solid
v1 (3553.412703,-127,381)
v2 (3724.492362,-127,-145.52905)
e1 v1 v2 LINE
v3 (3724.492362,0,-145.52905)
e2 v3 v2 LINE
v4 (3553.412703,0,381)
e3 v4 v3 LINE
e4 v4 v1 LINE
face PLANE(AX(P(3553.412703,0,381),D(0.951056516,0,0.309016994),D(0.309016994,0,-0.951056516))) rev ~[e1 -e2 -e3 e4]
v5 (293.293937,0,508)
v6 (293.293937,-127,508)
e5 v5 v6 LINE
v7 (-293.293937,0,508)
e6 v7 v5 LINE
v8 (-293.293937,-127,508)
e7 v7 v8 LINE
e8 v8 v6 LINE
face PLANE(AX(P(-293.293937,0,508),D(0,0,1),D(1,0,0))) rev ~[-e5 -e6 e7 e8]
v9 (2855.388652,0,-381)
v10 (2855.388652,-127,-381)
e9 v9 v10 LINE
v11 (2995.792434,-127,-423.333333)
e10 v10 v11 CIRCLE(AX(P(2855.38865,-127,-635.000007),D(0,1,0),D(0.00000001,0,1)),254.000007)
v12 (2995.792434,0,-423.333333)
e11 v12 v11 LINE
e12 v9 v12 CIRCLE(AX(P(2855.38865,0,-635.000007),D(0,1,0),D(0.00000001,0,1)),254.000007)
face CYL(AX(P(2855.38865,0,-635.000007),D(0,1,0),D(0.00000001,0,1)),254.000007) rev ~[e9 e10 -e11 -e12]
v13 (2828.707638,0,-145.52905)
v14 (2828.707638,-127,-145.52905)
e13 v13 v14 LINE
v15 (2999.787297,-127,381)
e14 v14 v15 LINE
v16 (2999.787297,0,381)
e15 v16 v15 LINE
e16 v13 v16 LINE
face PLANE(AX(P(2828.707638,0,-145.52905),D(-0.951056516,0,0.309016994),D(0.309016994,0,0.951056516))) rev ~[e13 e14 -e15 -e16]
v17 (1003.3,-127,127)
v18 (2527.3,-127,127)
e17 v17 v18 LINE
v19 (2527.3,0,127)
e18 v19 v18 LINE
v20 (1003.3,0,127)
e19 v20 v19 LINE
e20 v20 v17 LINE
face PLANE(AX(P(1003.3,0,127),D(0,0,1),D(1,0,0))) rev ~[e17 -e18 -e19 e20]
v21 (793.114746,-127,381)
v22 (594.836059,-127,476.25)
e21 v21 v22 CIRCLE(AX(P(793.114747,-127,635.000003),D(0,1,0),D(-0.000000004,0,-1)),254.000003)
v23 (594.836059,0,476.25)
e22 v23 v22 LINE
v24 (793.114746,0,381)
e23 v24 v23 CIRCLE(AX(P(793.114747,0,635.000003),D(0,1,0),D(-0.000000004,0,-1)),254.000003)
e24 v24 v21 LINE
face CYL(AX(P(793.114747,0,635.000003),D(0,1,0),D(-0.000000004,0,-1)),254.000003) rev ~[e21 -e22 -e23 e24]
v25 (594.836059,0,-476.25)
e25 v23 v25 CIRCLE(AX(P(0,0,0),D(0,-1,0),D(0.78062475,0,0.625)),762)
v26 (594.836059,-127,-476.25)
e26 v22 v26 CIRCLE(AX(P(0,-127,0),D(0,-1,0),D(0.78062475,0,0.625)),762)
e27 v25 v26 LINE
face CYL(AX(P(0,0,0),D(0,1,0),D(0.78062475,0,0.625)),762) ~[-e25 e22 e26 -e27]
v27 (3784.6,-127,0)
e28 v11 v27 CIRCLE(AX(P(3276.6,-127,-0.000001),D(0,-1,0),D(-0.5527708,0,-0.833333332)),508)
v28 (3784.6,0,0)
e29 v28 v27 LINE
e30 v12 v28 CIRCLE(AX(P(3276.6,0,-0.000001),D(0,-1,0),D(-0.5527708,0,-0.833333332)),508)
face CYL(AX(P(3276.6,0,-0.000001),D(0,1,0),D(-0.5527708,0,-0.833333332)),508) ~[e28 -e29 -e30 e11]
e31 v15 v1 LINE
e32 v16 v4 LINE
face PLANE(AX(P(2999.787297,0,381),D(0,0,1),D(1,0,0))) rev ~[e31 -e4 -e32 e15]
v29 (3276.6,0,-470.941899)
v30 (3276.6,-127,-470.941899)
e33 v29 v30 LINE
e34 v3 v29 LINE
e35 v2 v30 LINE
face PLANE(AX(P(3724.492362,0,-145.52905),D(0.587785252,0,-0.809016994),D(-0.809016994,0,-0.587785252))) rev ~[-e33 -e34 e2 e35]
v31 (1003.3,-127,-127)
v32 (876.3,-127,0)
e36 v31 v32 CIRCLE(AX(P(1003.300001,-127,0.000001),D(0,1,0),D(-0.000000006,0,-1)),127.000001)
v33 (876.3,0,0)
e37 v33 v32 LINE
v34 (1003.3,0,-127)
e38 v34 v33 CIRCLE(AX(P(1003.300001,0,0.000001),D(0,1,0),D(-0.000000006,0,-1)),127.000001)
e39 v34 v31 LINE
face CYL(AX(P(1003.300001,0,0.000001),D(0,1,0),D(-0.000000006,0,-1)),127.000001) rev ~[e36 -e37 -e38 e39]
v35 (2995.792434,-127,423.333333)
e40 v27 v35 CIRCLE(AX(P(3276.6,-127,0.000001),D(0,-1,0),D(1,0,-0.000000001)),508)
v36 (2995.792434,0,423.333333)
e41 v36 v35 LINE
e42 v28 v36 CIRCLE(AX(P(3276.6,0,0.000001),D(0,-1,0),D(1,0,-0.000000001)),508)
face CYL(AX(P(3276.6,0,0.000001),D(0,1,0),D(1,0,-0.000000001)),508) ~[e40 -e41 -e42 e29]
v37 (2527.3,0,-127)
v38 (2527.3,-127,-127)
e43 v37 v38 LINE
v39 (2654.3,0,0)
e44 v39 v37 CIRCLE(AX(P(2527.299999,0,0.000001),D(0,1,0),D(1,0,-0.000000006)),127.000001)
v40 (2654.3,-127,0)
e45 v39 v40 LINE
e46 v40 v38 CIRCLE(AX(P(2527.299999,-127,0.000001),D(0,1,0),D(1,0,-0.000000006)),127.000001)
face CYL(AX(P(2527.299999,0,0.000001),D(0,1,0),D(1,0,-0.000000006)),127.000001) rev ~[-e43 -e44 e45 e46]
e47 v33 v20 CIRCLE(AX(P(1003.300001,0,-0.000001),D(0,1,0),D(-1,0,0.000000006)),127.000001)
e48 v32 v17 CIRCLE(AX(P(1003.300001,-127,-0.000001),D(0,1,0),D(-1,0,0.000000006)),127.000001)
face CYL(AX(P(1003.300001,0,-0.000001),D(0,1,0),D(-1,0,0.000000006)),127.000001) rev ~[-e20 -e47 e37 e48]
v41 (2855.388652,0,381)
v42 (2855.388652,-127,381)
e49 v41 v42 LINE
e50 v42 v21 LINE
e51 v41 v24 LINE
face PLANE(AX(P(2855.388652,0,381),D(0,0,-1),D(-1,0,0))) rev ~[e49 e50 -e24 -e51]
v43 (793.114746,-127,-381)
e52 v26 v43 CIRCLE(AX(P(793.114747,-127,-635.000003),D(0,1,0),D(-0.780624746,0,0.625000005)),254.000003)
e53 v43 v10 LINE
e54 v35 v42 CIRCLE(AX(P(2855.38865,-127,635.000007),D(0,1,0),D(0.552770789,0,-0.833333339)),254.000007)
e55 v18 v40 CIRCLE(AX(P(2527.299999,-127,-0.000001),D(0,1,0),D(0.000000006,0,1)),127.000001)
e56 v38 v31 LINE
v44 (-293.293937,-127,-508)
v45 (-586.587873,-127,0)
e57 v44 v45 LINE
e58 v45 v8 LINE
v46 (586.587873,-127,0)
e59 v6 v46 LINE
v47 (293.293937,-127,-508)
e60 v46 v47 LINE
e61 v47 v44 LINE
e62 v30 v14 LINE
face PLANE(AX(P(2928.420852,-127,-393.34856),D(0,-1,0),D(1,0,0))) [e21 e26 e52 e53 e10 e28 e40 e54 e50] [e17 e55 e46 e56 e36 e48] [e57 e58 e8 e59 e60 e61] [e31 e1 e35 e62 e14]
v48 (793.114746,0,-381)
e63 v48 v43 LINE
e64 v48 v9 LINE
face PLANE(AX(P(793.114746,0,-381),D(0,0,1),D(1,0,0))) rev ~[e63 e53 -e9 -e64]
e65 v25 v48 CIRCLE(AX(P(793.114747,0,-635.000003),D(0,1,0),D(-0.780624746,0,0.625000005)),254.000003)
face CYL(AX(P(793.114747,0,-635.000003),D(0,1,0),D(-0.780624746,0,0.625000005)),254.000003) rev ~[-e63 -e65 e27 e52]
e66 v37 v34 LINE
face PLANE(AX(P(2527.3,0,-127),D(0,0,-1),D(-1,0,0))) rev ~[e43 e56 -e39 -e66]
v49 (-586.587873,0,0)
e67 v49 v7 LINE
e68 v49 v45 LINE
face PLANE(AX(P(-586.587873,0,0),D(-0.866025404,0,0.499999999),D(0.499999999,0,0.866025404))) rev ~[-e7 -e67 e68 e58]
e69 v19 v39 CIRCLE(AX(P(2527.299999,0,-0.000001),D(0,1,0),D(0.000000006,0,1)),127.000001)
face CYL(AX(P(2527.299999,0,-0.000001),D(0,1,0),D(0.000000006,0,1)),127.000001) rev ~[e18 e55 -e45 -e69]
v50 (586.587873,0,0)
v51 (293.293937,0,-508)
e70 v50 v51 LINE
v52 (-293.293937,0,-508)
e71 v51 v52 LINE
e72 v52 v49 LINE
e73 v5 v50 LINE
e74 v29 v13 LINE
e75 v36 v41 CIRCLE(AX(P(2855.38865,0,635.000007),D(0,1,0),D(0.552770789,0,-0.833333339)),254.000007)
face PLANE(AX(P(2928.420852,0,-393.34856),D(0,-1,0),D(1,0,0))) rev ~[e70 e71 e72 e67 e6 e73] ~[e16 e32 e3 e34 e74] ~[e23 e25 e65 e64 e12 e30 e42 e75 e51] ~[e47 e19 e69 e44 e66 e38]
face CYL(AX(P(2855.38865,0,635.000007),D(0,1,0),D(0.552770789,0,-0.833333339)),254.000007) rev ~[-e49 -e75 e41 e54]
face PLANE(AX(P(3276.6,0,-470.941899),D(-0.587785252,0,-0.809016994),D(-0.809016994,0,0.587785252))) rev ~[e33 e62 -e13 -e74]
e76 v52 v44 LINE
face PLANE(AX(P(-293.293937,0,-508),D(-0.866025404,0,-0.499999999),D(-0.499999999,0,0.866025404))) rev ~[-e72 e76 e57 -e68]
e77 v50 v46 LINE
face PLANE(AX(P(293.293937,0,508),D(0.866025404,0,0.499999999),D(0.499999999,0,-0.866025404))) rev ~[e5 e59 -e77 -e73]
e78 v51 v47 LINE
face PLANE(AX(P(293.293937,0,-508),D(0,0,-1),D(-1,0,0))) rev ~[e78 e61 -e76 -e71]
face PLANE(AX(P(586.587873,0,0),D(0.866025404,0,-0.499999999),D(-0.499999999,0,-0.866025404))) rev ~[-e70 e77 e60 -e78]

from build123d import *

# Parameters (mm, degrees)
F1_DEPTH = 127


with BuildPart() as f1:
    # F0 (on Front) → F1 (new body)
    with BuildSketch(Plane.XZ):
        with BuildLine():
            Line((2940.589583, -381), (2855.388652, -381))
            ThreePointArc((2855.388652, -381), (2928.712136, -391.813515), (2995.792434, -423.333333))
            ThreePointArc((2995.792434, -423.333333), (2967.465509, -403.112722), (2940.589583, -381))
        make_face()
        with BuildLine():
            ThreePointArc((594.836059, -476.25), (718.995507, -252.367711), (762, 0))
            ThreePointArc((762, 0), (718.995507, 252.367711), (594.836059, 476.25))
            ThreePointArc((594.836059, 476.25), (-762, 0), (594.836059, -476.25))
        make_face()
        Polygon((-586.587873, 0), (-293.293937, 508), (293.293937, 508), (586.587873, 0), (293.293937, -508), (-293.293937, -508), align=None, mode=Mode.SUBTRACT)
        with BuildLine():
            ThreePointArc((594.836059, 476.25), (718.995507, 252.367711), (762, 0))
            Line((762, 0), (876.3, 0))
            ThreePointArc((876.3, 0), (913.497439, 89.802561), (1003.3, 127))
            Line((1003.3, 127), (1765.3, 127))
            Line((1765.3, 127), (1765.3, 381))
            Line((1765.3, 381), (793.114746, 381))
            ThreePointArc((793.114746, 381), (683.12952, 406.047494), (594.836059, 476.25))
        make_face()
        with BuildLine():
            Line((876.3, 0), (762, 0))
            ThreePointArc((762, 0), (718.995507, -252.367711), (594.836059, -476.25))
            ThreePointArc((594.836059, -476.25), (683.12952, -406.047494), (793.114746, -381))
            Line((793.114746, -381), (1765.3, -381))
            Line((1765.3, -381), (1765.3, -127))
            Line((1765.3, -127), (1003.3, -127))
            ThreePointArc((1003.3, -127), (913.497439, -89.802561), (876.3, 0))
        make_face()
        with BuildLine():
            Line((1765.3, -127), (1765.3, -381))
            Line((1765.3, -381), (2855.388652, -381))
            Line((2855.388652, -381), (2940.589583, -381))
            ThreePointArc((2940.589583, -381), (2813.589583, -209.010417), (2768.6, 0))
            Line((2768.6, 0), (2654.3, 0))
            ThreePointArc((2654.3, 0), (2617.102561, -89.802561), (2527.3, -127))
            Line((2527.3, -127), (1765.3, -127))
        make_face()
        with BuildLine():
            Line((2855.388652, 381), (1765.3, 381))
            Line((1765.3, 381), (1765.3, 127))
            Line((1765.3, 127), (2527.3, 127))
            ThreePointArc((2527.3, 127), (2617.102561, 89.802561), (2654.3, 0))
            Line((2654.3, 0), (2768.6, 0))
            ThreePointArc((2768.6, 0), (2828.987308, 240.22256), (2995.792434, 423.333333))
            ThreePointArc((2995.792434, 423.333333), (2928.712136, 391.813515), (2855.388652, 381))
        make_face()
        with BuildLine():
            ThreePointArc((3784.6, 0), (3516.82256, 447.612692), (2995.792434, 423.333333))
            ThreePointArc((2995.792434, 423.333333), (2828.987308, 240.22256), (2768.6, 0))
            ThreePointArc((2768.6, 0), (2813.589583, -209.010417), (2940.589583, -381))
            ThreePointArc((2940.589583, -381), (2967.465509, -403.112722), (2995.792434, -423.333333))
            ThreePointArc((2995.792434, -423.333333), (3516.82256, -447.612692), (3784.6, 0))
        make_face()
        Polygon((2828.707638, -145.52905), (2999.787297, 381), (3553.412703, 381), (3724.492362, -145.52905), (3276.6, -470.941899), align=None, mode=Mode.SUBTRACT)
    extrude(amount=F1_DEPTH)


solid = f1.part
